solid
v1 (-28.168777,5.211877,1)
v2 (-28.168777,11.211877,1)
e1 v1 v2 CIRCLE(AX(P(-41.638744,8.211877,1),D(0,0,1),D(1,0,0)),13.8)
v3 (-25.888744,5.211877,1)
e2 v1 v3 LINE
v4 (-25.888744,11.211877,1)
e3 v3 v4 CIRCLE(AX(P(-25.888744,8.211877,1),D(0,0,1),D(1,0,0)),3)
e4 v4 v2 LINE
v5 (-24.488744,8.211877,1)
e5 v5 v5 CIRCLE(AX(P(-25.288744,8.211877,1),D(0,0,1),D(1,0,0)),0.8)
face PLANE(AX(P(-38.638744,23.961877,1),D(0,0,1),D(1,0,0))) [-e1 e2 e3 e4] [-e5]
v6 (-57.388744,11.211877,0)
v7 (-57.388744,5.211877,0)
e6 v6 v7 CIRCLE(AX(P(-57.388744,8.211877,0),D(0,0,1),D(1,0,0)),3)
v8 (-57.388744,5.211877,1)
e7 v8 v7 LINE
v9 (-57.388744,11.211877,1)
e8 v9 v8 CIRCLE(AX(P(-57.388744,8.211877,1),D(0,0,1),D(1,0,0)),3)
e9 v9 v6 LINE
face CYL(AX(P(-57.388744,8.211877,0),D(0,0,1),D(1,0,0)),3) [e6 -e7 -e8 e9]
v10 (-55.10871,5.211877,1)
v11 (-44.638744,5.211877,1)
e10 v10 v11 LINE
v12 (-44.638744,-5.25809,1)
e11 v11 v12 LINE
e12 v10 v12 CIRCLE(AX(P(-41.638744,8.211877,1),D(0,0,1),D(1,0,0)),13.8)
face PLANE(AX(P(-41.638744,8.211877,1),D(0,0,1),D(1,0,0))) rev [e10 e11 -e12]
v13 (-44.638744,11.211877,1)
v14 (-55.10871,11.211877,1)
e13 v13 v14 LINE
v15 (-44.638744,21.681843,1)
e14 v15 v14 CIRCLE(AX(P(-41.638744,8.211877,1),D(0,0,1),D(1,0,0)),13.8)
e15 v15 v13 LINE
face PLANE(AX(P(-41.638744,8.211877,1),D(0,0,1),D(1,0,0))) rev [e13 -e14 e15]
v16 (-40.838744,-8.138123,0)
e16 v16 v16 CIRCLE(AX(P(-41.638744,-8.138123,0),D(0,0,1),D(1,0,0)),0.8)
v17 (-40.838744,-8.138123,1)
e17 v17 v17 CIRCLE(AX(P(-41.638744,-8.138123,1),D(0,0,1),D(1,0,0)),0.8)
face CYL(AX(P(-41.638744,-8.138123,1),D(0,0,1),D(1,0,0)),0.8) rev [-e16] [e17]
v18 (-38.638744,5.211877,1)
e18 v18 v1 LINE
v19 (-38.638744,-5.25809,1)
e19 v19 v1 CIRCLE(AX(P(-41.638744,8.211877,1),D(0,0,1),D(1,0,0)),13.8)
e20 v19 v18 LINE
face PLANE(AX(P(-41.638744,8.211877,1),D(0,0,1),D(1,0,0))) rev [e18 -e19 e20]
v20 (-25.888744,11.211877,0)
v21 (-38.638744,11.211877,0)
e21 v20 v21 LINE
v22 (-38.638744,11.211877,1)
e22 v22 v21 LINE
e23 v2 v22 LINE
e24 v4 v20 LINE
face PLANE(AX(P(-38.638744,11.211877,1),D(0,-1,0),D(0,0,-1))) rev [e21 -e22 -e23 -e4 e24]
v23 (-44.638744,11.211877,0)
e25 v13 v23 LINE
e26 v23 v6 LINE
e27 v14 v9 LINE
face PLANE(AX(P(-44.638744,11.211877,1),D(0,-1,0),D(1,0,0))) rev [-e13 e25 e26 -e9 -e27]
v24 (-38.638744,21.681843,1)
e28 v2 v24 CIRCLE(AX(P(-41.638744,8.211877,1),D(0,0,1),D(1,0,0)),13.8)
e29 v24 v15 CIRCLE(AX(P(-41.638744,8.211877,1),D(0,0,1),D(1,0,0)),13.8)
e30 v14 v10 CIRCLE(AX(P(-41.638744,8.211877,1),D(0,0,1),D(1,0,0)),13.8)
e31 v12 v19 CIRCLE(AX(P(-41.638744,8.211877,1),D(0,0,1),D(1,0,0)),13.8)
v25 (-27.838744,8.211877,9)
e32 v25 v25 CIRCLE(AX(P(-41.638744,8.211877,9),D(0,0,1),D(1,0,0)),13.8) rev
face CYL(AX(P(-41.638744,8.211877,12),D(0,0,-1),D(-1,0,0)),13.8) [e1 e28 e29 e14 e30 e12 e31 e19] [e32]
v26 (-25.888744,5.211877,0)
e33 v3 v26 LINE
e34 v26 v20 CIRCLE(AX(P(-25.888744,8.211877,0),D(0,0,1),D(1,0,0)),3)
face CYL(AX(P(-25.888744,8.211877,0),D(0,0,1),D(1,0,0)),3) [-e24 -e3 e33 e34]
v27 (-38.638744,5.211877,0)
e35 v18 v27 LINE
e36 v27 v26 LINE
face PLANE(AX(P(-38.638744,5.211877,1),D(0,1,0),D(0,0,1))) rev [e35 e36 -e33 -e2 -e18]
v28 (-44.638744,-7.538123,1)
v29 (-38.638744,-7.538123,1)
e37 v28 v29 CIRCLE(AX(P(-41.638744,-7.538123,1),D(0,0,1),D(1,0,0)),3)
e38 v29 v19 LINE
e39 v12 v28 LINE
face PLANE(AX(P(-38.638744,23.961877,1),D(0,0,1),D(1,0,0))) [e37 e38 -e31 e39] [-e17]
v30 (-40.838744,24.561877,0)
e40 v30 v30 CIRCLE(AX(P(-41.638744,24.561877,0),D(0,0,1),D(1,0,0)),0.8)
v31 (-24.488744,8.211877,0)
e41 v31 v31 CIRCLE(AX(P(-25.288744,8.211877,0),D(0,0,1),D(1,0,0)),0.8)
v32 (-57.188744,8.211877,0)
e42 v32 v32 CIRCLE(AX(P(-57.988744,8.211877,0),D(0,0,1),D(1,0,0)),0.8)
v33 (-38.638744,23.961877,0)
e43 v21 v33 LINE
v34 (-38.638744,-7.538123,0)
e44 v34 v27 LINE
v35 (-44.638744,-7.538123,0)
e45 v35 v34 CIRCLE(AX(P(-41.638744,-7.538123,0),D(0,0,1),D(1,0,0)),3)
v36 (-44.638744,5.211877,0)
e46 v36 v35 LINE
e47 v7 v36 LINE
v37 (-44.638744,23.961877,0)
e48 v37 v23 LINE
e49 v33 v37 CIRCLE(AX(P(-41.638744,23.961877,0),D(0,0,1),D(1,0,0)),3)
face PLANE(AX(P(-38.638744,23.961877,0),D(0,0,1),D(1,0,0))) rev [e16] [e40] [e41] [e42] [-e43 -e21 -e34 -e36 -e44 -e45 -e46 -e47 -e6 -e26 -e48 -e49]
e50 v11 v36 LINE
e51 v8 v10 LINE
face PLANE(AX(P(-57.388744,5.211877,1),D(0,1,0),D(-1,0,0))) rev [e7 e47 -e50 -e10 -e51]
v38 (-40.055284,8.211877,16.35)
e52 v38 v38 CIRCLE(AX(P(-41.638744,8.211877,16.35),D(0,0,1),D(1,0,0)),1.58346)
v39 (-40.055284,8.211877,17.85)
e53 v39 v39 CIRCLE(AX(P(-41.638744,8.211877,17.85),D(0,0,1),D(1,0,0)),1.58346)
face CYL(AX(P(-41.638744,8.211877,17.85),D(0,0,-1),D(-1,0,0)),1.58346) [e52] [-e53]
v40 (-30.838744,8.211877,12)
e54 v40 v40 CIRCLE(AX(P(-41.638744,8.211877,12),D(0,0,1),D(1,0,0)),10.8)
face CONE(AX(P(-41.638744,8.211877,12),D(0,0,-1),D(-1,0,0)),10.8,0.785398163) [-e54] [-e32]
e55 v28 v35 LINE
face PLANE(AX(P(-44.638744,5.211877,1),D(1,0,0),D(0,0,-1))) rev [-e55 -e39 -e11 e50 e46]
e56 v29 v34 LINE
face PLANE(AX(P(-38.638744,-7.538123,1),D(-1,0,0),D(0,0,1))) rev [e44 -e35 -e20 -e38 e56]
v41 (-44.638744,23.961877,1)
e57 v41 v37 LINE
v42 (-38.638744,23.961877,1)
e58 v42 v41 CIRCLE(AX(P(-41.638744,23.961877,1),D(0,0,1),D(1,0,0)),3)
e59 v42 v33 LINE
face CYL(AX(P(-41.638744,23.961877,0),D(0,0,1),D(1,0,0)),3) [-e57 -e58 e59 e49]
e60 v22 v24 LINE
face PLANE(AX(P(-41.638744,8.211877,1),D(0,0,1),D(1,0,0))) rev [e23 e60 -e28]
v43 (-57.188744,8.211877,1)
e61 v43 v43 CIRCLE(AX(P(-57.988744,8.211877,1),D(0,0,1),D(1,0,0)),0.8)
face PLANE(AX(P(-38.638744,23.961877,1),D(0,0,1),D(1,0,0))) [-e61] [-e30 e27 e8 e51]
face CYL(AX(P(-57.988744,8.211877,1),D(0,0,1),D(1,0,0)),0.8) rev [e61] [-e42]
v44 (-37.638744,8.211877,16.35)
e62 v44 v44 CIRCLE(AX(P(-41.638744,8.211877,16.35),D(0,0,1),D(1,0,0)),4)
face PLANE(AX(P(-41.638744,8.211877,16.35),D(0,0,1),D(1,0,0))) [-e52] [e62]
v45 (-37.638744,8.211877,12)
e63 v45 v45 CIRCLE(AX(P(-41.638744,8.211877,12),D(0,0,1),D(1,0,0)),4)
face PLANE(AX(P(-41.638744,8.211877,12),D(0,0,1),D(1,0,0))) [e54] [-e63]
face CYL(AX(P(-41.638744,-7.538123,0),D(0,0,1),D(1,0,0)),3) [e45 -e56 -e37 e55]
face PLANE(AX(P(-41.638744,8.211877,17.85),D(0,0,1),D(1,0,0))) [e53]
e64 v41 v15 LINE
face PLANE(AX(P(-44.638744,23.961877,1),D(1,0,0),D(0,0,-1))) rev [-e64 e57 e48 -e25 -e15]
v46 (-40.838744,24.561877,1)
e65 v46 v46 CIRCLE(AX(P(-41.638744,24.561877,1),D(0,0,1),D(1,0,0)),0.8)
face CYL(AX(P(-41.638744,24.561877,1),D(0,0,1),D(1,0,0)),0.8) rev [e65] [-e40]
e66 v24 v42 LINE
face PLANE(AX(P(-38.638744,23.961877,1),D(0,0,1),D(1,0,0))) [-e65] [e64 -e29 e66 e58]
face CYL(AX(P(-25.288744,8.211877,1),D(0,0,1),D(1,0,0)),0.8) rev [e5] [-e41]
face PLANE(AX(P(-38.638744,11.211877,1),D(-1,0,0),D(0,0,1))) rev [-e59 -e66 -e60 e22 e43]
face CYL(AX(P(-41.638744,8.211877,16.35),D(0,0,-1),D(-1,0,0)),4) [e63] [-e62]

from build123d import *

# Parameters (mm, degrees)
BOSS_EXTRU_2_DEPTH                            = 1
ESQUISSE4_R                                   = 3
BOSS_EXTRU_5_DEPTH                            = 1
TROU_POUR_TARAUDAGE_POUR_TROU_TARAUD_M2_D     = 1.6
TROU_POUR_TARAUDAGE_POUR_TROU_TARAUD_M2_DEPTH = 10
TROU_POUR_TARAUDAGE_POUR_TROU_TARAUD_M2_TIP   = 0.480688495
ESQUISSE8_R                                   = 13.8
BOSS_EXTRU_6_DEPTH                            = 11
CHANFREIN1_SIZE                               = 3
ESQUISSE13_R                                  = 4
BOSS_EXTRU_7_DEPTH                            = 4.35
ESQUISSE14_R                                  = 1.583459573
BOSS_EXTRU_8_DEPTH                            = 1.5


with BuildPart() as part:
    # Esquisse3 → Boss.-Extru.2 (new body)
    with BuildSketch(Plane.XY):
        Polygon((-44.638743765, 23.961876808), (-44.638743765, 11.211876808), (-57.388743765, 11.211876808), (-57.388743765, 5.211876808), (-44.638743765, 5.211876808), (-44.638743765, -7.538123192), (-38.638743765, -7.538123192), (-38.638743765, 5.211876808), (-25.888743765, 5.211876808), (-25.888743765, 11.211876808), (-38.638743765, 11.211876808), (-38.638743765, 23.961876808), align=None)
    extrude(amount=BOSS_EXTRU_2_DEPTH)

    # Esquisse4 → Boss.-Extru.5 (add)
    with BuildSketch(Plane.XY.offset(1)):
        with Locations((-41.638743765, 23.961876808)):
            Circle(ESQUISSE4_R)
        with Locations((-25.888743765, 8.211876808)):
            Circle(ESQUISSE4_R)
        with Locations((-41.638743765, -7.538123192)):
            Circle(ESQUISSE4_R)
        with Locations((-57.388743765, 8.211876808)):
            Circle(ESQUISSE4_R)
    extrude(amount=-BOSS_EXTRU_5_DEPTH)

    # Trou pour taraudage pour trou taraudé M2x0.41
    with Locations(Plane.XY.offset(1)):
        with Locations((-41.638743765, 24.561876808), (-25.288743765, 8.211876808), (-41.638743765, -8.138123192), (-57.988743765, 8.211876808)):
            Hole(TROU_POUR_TARAUDAGE_POUR_TROU_TARAUD_M2_D / 2, depth=TROU_POUR_TARAUDAGE_POUR_TROU_TARAUD_M2_DEPTH)
            with Locations((0, 0, -(TROU_POUR_TARAUDAGE_POUR_TROU_TARAUD_M2_DEPTH + TROU_POUR_TARAUDAGE_POUR_TROU_TARAUD_M2_TIP / 2))):  # 118° drill point
                Cone(0, TROU_POUR_TARAUDAGE_POUR_TROU_TARAUD_M2_D / 2, TROU_POUR_TARAUDAGE_POUR_TROU_TARAUD_M2_TIP, mode=Mode.SUBTRACT)

    # Esquisse8 → Boss.-Extru.6 (add)
    with BuildSketch(Plane.XY.offset(1)):
        with Locations((-41.638743765, 8.211876808)):
            Circle(ESQUISSE8_R)
    extrude(amount=BOSS_EXTRU_6_DEPTH)

    # Chanfrein1
    chanfrein1_edges = [part.edges().sort_by_distance(p)[0] for p in [
        (-55.438743765, 8.211876808, 12),
    ]]
    chamfer(chanfrein1_edges, length=CHANFREIN1_SIZE)

    # Esquisse13 → Boss.-Extru.7 (add)
    with BuildSketch(Plane.XY.offset(12)):
        with Locations((-41.638743765, 8.211876808)):
            Circle(ESQUISSE13_R)
    extrude(amount=BOSS_EXTRU_7_DEPTH)

    # Esquisse14 → Boss.-Extru.8 (add)
    with BuildSketch(Plane.XY.offset(16.35)):
        with Locations((-41.638743765, 8.211876808)):
            Circle(ESQUISSE14_R)
    extrude(amount=BOSS_EXTRU_8_DEPTH)


solid = part.part
